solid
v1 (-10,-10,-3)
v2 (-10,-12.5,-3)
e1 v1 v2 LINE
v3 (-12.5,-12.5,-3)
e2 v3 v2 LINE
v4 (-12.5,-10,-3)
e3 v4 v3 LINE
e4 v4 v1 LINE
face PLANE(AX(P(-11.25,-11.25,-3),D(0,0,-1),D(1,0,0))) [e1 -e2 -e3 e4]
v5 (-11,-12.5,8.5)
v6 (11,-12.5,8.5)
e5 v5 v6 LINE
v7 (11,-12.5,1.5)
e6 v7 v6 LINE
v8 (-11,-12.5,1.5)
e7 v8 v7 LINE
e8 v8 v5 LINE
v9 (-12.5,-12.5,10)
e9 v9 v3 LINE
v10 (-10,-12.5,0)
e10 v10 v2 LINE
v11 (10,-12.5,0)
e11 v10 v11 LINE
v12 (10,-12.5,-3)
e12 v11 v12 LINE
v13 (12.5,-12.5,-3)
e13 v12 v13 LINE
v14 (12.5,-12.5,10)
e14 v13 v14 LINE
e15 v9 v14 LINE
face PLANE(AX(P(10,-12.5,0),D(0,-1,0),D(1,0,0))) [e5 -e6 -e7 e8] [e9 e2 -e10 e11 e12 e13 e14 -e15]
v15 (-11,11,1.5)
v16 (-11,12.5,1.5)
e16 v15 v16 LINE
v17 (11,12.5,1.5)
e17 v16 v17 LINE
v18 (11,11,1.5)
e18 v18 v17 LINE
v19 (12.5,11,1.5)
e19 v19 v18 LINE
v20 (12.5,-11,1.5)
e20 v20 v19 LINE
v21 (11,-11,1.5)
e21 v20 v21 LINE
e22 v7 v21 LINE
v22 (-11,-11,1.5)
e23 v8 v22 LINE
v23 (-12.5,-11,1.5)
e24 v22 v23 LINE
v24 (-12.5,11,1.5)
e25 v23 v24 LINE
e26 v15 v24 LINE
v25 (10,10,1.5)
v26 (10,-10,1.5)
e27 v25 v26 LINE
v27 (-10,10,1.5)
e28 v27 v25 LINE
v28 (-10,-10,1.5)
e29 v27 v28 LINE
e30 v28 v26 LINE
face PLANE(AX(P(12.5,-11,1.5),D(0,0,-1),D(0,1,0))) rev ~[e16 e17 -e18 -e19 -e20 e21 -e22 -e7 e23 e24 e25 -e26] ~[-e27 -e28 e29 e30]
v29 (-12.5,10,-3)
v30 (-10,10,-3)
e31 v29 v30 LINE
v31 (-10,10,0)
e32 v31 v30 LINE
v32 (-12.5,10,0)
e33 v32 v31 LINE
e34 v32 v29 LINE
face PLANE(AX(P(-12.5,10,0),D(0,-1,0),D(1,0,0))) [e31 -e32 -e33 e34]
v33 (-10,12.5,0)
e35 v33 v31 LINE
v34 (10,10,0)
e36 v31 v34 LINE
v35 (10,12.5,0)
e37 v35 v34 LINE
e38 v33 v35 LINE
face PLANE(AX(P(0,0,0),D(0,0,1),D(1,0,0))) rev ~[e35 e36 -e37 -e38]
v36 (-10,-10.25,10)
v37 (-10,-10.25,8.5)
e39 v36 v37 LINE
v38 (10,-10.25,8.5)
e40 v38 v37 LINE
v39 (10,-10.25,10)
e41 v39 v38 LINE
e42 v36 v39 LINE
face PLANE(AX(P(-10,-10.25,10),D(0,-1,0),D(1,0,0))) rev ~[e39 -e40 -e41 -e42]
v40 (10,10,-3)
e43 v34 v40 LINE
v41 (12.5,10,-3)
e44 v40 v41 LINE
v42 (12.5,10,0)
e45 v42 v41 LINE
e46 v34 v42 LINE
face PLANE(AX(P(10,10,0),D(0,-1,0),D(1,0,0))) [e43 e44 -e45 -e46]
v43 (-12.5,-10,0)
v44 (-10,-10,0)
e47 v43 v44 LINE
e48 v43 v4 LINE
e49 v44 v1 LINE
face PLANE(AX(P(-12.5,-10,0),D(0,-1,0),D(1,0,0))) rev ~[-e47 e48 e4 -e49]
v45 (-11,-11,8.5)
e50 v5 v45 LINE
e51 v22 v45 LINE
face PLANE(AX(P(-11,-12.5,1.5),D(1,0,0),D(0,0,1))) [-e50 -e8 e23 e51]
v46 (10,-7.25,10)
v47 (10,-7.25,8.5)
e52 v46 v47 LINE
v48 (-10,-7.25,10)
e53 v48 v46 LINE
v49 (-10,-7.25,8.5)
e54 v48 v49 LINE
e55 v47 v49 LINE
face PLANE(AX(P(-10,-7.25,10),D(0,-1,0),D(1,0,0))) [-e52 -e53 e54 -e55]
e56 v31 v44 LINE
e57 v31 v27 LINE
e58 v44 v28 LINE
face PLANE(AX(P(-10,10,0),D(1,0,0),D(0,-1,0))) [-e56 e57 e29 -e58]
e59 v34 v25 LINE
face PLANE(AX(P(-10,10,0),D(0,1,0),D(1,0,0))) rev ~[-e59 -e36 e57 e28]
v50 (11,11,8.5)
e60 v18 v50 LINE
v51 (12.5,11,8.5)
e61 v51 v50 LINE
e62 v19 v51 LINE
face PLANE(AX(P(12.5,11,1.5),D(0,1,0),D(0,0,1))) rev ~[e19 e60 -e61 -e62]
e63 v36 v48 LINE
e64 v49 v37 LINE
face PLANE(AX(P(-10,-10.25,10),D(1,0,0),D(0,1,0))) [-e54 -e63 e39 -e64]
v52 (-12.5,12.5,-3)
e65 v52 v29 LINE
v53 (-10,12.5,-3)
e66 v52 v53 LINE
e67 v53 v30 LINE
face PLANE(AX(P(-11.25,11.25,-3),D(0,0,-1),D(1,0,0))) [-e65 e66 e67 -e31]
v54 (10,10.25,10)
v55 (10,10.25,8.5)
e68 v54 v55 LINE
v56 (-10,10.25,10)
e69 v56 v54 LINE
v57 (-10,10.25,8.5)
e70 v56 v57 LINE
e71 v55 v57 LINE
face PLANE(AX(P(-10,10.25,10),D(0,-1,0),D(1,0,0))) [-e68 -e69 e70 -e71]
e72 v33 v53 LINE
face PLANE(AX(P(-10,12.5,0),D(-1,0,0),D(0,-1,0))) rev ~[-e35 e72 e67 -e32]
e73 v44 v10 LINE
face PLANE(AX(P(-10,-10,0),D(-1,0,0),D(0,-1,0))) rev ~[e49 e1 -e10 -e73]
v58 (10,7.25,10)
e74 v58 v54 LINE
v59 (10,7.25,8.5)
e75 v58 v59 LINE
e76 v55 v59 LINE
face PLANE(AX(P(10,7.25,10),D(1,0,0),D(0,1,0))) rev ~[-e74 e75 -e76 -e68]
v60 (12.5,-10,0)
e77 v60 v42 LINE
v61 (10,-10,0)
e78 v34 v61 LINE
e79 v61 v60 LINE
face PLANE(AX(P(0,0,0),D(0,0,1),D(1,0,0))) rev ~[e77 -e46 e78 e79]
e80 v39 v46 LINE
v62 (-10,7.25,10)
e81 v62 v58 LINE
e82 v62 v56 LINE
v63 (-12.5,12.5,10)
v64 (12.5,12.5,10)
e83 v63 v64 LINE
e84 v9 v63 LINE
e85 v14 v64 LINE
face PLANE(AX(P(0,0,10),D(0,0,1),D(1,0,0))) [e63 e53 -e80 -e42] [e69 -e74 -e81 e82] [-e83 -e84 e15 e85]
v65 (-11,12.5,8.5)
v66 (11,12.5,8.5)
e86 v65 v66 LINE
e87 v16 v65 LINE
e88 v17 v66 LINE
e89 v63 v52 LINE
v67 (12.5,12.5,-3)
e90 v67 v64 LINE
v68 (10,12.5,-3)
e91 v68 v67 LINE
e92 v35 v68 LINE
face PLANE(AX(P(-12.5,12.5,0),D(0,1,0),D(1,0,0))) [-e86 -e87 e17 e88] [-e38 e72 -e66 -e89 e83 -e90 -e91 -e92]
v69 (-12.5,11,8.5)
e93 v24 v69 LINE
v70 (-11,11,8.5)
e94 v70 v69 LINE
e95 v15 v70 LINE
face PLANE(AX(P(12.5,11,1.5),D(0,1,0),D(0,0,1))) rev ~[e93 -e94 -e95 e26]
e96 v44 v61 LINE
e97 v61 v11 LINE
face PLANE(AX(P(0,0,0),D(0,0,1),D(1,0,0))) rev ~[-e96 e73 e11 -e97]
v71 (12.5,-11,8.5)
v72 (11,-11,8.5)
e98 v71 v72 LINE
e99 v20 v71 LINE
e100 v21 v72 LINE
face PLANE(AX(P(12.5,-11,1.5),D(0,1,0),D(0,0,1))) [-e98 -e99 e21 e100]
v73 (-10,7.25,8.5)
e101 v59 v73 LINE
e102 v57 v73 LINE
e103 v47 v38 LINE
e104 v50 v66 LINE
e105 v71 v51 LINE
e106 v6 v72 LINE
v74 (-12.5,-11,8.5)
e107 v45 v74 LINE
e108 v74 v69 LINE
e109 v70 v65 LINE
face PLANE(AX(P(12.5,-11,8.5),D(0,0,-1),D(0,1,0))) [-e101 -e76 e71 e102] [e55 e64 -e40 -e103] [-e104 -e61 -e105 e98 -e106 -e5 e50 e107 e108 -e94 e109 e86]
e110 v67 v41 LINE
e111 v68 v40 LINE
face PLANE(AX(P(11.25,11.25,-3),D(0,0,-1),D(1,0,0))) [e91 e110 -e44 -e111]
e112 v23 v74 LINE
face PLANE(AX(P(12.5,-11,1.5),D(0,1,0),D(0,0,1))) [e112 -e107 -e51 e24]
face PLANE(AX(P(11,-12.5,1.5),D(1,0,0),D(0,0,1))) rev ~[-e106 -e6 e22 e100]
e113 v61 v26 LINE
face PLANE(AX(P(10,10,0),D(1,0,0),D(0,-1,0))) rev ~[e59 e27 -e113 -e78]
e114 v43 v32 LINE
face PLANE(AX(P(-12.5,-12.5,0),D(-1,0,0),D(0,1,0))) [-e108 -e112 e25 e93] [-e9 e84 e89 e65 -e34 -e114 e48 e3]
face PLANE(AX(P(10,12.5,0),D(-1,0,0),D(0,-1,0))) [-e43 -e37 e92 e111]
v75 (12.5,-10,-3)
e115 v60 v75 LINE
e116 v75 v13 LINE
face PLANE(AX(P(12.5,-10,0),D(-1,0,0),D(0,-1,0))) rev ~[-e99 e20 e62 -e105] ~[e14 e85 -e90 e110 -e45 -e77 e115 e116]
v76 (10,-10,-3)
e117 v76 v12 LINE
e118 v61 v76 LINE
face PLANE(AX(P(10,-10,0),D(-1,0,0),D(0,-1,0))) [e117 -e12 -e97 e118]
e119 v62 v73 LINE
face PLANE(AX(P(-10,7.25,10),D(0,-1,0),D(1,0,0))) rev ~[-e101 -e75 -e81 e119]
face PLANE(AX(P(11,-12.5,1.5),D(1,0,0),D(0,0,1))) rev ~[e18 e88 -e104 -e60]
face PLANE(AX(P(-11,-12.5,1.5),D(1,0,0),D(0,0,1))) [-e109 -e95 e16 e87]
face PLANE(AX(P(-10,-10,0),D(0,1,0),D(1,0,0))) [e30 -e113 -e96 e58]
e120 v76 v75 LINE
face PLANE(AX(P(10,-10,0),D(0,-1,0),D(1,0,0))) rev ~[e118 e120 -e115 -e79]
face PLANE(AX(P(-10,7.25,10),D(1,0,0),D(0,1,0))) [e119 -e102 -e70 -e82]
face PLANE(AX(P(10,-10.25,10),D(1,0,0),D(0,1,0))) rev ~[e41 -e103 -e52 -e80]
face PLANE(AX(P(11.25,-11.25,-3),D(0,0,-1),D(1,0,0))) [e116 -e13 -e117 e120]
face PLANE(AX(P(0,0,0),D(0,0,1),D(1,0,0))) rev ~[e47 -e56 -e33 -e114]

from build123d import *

# Parameters (mm, degrees)
F0_W      = 25
F0_H      = 25
F1_DEPTH  = 10
F5_W      = 22
F5_H      = 7
F6_DEPTH  = 25
F7_W      = 22
F7_H      = 7
F8_DEPTH  = 25
F9_W      = 20
F9_H      = 20
F10_DEPTH = 5
F11_W     = 2.5
F11_H     = 2.5
F12_DEPTH = 3
F3_W      = 20
F3_H      = 3
F13_DEPTH = 5


with BuildPart() as f1:
    # F0 (on Top) → F1 (new body)
    with BuildSketch(Plane.XY):
        Rectangle(F0_W, F0_H)
    extrude(amount=F1_DEPTH)

    # F5 (on face) → F6 (cut)
    with BuildSketch(Plane.XZ.offset(12.5)):
        with Locations((0, 5)):
            Rectangle(F5_W, F5_H)
    extrude(amount=-F6_DEPTH, mode=Mode.SUBTRACT)

    # F7 (on face) → F8 (cut)
    with BuildSketch(Plane.YZ.offset(12.5)):
        with Locations((0, 5)):
            Rectangle(F7_W, F7_H)
    extrude(amount=-F8_DEPTH, mode=Mode.SUBTRACT)

    # F9 (on face) → F10 (cut)
    with BuildSketch(Plane(origin=(0, 0, 0), x_dir=(1, 0, 0), z_dir=(0, 0, -1))):
        Rectangle(F9_W, F9_H)
    extrude(amount=-F10_DEPTH, mode=Mode.SUBTRACT)

    # F11 (on face) → F12 (join)
    with BuildSketch(Plane(origin=(0, 0, 0), x_dir=(1, 0, 0), z_dir=(0, 0, -1))):
        with Locations((11.25, 11.25)):
            Rectangle(F11_W, F11_H)
        with Locations((-11.25, 11.25)):
            Rectangle(F11_W, F11_H)
        with Locations((-11.25, -11.25)):
            Rectangle(F11_W, F11_H)
        with Locations((11.25, -11.25)):
            Rectangle(F11_W, F11_H)
    extrude(amount=F12_DEPTH)

    # F3 (on face) → F13 (cut)
    with BuildSketch(Plane.XY.offset(10)):
        with Locations((0, -8.75)):
            Rectangle(F3_W, F3_H)
        with Locations((0, 8.75)):
            Rectangle(F3_W, F3_H)
    extrude(amount=-F13_DEPTH, mode=Mode.SUBTRACT)


solid = f1.part
